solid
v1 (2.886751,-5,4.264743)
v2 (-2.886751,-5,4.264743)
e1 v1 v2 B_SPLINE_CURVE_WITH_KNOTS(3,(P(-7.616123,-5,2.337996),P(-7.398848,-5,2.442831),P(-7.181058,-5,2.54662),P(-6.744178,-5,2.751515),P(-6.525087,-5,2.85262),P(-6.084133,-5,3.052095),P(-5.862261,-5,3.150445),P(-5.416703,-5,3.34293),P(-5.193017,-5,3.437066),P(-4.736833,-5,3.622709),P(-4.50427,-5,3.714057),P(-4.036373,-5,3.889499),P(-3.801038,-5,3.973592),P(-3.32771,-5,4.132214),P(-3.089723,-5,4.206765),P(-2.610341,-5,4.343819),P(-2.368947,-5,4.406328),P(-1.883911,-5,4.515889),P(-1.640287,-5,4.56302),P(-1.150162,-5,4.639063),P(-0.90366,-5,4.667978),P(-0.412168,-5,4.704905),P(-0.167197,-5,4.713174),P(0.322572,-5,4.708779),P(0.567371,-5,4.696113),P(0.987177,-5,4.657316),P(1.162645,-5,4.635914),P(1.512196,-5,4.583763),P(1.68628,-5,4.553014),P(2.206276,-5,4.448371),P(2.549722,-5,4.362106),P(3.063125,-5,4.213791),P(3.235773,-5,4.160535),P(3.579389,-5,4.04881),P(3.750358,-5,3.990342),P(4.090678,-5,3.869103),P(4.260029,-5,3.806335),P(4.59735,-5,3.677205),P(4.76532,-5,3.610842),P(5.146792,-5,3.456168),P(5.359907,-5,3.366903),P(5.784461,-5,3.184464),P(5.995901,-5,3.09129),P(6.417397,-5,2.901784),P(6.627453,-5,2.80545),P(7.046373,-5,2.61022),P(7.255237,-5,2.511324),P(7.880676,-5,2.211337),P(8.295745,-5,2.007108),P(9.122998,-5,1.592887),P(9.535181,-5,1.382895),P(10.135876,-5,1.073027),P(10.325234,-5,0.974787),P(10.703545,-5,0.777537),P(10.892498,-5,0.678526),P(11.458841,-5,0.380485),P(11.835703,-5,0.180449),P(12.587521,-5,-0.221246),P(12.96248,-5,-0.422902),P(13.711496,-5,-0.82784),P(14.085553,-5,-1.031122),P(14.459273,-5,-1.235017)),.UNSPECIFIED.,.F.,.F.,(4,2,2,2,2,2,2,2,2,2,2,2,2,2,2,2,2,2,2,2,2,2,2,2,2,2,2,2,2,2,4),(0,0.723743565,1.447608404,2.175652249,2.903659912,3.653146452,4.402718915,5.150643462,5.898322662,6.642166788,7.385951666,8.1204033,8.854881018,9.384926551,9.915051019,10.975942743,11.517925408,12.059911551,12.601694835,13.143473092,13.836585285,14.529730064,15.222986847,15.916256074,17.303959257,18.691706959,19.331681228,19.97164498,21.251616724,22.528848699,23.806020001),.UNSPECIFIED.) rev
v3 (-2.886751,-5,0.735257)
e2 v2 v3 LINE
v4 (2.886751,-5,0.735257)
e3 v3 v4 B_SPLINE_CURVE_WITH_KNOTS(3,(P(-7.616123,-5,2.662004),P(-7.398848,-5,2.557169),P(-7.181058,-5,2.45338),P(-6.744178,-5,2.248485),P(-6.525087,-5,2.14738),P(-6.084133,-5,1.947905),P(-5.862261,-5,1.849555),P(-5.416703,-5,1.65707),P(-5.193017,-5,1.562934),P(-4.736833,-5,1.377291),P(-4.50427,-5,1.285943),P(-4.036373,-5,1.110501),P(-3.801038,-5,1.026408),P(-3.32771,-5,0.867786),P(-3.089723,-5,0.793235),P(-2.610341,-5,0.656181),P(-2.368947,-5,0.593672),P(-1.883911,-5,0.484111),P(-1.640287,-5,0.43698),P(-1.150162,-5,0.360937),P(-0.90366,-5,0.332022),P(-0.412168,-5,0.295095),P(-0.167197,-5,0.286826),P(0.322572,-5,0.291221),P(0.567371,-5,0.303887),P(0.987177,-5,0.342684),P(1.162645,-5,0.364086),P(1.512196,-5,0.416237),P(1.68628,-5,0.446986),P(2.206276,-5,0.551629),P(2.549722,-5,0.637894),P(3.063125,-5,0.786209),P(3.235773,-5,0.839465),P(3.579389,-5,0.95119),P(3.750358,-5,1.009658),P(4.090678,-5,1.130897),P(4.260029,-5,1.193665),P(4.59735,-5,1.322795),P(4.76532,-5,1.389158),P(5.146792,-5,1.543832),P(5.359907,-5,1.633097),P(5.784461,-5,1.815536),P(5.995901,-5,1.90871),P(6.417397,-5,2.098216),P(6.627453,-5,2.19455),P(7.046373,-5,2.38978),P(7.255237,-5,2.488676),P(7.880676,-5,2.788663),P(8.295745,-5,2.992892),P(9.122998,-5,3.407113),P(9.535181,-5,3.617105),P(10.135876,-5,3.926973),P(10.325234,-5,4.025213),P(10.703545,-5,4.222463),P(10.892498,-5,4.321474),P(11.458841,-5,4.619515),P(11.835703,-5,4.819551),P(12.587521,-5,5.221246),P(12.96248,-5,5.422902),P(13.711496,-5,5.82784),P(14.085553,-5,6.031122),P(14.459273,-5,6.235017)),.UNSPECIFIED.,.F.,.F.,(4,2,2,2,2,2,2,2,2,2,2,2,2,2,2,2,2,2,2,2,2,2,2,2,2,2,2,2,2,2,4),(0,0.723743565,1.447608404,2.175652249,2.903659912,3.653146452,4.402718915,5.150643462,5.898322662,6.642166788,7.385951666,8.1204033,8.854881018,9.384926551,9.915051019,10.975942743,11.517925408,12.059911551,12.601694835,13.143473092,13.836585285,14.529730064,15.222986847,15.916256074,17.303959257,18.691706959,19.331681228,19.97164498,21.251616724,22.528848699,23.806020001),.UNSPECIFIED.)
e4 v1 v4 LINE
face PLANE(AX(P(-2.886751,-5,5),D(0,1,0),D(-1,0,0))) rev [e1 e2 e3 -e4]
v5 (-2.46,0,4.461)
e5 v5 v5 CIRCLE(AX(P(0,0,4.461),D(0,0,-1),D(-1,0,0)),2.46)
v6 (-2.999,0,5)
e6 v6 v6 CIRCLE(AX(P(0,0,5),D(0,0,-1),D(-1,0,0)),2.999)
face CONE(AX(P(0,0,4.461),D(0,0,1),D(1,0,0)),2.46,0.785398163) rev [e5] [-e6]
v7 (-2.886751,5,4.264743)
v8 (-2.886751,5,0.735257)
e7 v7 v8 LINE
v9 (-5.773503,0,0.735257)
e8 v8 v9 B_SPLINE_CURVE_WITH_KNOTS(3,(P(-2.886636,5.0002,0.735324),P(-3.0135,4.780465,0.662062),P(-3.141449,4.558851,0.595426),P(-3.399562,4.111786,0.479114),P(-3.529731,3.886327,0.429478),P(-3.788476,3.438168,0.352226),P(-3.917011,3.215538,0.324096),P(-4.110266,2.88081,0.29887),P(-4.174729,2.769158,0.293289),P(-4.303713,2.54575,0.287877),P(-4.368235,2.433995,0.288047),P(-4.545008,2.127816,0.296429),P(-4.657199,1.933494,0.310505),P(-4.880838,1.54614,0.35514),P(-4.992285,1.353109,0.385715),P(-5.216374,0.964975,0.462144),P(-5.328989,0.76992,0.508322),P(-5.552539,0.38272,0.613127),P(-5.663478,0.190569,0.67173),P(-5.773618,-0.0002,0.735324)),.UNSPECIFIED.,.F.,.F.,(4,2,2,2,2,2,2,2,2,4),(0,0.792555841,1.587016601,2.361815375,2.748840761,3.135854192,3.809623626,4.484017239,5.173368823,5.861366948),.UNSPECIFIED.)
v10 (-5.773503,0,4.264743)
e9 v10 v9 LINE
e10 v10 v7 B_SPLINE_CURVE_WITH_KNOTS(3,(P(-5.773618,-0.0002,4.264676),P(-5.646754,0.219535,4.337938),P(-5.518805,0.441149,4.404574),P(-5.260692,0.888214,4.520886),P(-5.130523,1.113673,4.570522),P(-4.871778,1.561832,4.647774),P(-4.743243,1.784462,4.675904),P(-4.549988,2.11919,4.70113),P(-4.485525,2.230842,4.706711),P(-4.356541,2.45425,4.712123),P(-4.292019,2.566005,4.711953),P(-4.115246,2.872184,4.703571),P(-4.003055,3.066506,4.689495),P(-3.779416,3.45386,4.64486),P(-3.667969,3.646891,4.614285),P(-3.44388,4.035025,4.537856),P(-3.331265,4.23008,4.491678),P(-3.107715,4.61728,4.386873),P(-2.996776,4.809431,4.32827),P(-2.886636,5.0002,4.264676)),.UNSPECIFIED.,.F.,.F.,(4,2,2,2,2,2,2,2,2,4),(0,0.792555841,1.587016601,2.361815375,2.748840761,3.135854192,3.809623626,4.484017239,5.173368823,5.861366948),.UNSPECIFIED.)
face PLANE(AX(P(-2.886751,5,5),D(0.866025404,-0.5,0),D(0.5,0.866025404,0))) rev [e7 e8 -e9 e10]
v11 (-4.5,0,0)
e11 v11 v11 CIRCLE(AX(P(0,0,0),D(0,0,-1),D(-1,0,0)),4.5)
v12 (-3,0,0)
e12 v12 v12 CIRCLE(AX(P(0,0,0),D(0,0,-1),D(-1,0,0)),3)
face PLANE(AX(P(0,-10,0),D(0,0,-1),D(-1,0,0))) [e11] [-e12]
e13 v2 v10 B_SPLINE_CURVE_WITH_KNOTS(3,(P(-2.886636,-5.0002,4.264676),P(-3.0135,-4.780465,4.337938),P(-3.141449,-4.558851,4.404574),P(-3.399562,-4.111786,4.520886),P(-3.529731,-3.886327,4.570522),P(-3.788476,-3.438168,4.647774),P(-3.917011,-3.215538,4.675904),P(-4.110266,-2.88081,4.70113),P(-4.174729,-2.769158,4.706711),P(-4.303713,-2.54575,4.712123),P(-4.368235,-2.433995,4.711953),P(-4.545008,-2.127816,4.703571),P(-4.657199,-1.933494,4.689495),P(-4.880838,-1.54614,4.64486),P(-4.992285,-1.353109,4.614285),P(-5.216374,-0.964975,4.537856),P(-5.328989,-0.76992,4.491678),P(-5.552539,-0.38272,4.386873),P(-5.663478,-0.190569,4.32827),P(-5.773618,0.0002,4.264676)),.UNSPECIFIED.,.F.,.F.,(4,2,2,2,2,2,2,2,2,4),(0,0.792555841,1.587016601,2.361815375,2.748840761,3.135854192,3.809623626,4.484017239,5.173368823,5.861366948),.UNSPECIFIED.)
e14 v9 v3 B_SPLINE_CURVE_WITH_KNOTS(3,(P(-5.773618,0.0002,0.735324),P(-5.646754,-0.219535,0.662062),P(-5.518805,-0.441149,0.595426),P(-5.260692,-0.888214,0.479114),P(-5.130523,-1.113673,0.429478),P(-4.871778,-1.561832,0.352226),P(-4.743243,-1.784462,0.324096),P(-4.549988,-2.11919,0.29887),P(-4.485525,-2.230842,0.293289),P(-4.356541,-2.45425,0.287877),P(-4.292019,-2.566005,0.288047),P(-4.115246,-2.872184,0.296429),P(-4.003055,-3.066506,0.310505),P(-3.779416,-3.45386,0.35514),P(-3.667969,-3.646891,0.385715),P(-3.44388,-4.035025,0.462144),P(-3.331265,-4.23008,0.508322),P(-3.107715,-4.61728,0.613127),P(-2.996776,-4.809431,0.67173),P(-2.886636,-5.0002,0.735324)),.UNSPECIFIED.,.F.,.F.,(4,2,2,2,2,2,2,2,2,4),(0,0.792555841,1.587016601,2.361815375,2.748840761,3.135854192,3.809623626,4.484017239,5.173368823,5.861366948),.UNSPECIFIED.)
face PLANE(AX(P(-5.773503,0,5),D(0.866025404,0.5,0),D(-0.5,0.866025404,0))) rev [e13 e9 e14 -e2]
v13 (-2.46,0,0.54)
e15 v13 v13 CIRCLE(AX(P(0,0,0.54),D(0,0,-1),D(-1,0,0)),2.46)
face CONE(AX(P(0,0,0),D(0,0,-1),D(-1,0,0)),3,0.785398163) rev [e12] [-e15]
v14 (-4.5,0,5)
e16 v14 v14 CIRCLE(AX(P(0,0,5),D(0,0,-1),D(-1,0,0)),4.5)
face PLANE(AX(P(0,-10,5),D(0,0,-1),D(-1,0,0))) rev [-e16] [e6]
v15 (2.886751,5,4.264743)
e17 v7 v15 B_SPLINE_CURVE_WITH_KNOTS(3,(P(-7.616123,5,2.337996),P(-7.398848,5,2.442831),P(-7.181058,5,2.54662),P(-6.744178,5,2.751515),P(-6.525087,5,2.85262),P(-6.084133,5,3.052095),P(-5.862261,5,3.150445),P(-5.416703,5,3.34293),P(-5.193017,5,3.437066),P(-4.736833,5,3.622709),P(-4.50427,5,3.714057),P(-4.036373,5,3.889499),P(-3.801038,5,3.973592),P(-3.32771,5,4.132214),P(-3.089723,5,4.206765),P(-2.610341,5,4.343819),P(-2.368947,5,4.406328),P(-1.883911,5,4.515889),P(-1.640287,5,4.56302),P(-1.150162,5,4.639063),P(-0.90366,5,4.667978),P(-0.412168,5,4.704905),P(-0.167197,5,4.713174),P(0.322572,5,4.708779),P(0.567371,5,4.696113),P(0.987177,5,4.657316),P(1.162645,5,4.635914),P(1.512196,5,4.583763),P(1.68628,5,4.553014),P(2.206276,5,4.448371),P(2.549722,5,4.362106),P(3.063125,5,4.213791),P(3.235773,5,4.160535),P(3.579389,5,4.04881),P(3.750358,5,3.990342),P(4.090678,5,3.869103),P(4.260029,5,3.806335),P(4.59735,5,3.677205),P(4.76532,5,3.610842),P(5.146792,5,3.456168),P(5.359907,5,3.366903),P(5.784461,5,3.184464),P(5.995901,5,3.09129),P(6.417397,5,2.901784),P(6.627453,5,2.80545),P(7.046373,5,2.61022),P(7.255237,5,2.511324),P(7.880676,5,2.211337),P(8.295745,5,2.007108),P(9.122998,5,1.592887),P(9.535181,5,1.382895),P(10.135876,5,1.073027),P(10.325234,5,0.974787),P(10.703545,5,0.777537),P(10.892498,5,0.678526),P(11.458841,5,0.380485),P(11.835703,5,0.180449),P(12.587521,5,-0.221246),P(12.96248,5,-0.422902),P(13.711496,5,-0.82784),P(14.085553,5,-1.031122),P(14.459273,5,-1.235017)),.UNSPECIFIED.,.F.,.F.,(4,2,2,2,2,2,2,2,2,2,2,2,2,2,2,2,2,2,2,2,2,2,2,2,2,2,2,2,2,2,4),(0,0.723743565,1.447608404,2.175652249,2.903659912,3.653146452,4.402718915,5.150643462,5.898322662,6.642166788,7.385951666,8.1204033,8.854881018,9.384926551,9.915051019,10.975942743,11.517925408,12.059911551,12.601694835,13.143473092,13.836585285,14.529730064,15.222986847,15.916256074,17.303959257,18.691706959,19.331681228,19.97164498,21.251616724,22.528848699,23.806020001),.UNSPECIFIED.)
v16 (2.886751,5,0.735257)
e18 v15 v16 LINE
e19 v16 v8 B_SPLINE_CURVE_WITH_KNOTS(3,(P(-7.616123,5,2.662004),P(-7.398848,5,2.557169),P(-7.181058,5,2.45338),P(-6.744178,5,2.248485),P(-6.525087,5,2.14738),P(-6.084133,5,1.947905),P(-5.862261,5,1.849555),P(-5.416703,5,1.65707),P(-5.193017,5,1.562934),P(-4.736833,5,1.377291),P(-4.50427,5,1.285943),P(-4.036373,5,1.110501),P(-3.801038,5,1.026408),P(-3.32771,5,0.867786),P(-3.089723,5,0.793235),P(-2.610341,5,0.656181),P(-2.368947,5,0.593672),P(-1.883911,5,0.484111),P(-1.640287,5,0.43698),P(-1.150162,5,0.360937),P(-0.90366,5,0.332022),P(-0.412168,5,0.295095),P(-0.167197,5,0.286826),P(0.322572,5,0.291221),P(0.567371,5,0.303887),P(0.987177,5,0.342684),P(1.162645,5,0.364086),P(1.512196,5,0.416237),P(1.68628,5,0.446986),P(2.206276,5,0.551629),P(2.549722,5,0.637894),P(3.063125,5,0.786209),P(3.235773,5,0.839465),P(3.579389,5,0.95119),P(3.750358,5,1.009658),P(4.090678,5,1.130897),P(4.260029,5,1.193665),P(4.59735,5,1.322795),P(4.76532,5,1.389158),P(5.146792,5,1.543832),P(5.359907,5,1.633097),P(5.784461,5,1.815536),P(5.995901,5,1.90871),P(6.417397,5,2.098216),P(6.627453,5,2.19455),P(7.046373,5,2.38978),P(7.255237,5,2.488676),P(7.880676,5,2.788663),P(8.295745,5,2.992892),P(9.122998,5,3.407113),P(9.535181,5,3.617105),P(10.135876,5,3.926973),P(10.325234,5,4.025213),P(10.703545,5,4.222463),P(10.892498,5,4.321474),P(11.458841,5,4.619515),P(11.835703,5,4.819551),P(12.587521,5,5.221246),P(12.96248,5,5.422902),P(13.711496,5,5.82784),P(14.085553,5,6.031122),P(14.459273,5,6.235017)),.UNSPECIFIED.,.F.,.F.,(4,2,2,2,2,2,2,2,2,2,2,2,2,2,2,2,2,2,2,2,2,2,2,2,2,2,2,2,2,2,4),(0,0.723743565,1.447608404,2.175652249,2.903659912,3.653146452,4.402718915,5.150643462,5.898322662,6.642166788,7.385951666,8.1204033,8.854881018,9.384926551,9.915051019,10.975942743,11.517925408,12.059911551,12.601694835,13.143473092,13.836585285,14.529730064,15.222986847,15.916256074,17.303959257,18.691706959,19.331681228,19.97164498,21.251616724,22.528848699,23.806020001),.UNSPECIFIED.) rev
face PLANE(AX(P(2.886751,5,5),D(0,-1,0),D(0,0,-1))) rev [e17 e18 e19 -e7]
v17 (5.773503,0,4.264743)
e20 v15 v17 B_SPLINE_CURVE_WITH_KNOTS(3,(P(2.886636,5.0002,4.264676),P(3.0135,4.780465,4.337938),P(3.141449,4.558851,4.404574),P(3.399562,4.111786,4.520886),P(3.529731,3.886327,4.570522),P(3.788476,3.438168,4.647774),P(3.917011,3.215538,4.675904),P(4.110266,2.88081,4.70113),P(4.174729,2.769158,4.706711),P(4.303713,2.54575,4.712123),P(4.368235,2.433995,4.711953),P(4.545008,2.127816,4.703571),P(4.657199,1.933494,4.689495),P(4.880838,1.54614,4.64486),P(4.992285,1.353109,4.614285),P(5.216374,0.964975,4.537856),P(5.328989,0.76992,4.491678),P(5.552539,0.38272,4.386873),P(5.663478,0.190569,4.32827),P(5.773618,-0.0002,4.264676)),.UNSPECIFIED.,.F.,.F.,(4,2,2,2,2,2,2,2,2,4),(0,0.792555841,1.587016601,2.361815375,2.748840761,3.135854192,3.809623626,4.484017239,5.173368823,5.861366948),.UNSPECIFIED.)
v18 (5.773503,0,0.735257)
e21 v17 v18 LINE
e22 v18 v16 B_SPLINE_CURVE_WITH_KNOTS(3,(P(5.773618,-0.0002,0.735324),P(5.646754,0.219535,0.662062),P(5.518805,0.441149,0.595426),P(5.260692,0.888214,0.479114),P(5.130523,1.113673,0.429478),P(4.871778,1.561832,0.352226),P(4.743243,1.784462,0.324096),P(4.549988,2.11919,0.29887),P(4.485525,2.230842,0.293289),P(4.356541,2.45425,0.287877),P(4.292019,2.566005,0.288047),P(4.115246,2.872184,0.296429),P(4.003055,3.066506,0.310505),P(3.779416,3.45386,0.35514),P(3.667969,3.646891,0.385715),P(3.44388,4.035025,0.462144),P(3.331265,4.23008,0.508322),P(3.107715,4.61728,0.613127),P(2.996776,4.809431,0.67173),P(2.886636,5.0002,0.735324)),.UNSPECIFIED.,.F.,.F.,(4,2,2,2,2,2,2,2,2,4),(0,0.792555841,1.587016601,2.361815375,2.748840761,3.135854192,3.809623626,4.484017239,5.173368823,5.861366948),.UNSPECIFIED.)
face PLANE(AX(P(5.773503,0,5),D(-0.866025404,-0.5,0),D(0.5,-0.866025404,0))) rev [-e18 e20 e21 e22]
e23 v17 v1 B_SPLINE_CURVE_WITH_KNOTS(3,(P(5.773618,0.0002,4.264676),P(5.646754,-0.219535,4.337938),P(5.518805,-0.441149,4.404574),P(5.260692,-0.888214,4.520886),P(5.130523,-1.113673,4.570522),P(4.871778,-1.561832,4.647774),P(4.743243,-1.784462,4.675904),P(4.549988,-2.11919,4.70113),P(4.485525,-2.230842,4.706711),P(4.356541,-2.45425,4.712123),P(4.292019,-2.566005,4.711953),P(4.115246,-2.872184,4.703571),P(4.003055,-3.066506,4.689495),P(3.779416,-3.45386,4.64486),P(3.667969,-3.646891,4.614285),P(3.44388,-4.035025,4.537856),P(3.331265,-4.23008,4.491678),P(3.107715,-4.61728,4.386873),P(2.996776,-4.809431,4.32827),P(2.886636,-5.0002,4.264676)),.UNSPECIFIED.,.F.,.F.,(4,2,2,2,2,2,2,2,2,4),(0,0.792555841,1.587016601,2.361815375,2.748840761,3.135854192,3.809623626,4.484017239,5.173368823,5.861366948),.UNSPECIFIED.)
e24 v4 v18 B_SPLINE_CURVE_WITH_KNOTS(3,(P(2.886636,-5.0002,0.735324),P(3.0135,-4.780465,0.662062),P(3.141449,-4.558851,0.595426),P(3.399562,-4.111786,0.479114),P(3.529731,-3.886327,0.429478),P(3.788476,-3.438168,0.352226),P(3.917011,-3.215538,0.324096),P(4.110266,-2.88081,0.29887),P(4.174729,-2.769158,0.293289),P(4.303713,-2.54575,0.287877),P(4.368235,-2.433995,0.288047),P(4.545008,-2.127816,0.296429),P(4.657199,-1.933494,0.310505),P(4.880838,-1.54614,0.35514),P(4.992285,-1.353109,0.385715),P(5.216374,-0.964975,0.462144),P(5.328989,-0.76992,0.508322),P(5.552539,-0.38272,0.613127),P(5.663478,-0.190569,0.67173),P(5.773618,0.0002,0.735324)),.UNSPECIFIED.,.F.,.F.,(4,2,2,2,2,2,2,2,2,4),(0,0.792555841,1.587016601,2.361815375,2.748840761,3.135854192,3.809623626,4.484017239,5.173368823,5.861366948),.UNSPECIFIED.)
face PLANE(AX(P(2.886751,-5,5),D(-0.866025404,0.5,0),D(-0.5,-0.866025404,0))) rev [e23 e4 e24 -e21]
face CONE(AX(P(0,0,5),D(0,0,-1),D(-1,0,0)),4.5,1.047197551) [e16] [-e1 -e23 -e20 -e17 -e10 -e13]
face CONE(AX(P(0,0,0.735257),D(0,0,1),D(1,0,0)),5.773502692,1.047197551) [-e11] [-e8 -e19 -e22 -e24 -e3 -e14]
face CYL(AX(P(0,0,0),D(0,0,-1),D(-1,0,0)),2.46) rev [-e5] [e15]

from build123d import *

# Parameters (mm, degrees)
EXTRUDE_350_DEPTH = 5


with BuildPart() as part:
    # Эскиз2 → Extrude 350 (new body)
    with BuildSketch(Plane.XY):
        Polygon((5.773502692, 0), (2.886751346, 5), (-2.886751346, 5), (-5.773502692, 0), (-2.886751346, -5), (2.886751346, -5), align=None)
    extrude(amount=EXTRUDE_350_DEPTH)

    # Эскиз3 → Вырез-Повернуть1 (revolve, cut)
    with BuildSketch(Plane(origin=(0, 0, 0), x_dir=(1, 0, 0), z_dir=(0, 1, 0))):
        Polygon((-5.773502692, 0), (-4.5, 0), (-5.773502692, -0.735257122), align=None)
        Polygon((-5.773502692, -5), (-5.773502692, -4.264742878), (-4.5, -5), align=None)
    revolve(axis=Axis((0, 0, -10), (0, 0, 1)), mode=Mode.SUBTRACT)

    # Эскиз4 → Hole Wizard 701 (revolve, cut)
    with BuildSketch(Plane.YZ):
        Polygon((0, 0), (0, 5), (3, 5), (2.46, 4.46), (2.46, 0.54), (3, 0), align=None)
    revolve(axis=Axis((0, 0, -6.35), (0, 0, 1)), mode=Mode.SUBTRACT)


solid = part.part
